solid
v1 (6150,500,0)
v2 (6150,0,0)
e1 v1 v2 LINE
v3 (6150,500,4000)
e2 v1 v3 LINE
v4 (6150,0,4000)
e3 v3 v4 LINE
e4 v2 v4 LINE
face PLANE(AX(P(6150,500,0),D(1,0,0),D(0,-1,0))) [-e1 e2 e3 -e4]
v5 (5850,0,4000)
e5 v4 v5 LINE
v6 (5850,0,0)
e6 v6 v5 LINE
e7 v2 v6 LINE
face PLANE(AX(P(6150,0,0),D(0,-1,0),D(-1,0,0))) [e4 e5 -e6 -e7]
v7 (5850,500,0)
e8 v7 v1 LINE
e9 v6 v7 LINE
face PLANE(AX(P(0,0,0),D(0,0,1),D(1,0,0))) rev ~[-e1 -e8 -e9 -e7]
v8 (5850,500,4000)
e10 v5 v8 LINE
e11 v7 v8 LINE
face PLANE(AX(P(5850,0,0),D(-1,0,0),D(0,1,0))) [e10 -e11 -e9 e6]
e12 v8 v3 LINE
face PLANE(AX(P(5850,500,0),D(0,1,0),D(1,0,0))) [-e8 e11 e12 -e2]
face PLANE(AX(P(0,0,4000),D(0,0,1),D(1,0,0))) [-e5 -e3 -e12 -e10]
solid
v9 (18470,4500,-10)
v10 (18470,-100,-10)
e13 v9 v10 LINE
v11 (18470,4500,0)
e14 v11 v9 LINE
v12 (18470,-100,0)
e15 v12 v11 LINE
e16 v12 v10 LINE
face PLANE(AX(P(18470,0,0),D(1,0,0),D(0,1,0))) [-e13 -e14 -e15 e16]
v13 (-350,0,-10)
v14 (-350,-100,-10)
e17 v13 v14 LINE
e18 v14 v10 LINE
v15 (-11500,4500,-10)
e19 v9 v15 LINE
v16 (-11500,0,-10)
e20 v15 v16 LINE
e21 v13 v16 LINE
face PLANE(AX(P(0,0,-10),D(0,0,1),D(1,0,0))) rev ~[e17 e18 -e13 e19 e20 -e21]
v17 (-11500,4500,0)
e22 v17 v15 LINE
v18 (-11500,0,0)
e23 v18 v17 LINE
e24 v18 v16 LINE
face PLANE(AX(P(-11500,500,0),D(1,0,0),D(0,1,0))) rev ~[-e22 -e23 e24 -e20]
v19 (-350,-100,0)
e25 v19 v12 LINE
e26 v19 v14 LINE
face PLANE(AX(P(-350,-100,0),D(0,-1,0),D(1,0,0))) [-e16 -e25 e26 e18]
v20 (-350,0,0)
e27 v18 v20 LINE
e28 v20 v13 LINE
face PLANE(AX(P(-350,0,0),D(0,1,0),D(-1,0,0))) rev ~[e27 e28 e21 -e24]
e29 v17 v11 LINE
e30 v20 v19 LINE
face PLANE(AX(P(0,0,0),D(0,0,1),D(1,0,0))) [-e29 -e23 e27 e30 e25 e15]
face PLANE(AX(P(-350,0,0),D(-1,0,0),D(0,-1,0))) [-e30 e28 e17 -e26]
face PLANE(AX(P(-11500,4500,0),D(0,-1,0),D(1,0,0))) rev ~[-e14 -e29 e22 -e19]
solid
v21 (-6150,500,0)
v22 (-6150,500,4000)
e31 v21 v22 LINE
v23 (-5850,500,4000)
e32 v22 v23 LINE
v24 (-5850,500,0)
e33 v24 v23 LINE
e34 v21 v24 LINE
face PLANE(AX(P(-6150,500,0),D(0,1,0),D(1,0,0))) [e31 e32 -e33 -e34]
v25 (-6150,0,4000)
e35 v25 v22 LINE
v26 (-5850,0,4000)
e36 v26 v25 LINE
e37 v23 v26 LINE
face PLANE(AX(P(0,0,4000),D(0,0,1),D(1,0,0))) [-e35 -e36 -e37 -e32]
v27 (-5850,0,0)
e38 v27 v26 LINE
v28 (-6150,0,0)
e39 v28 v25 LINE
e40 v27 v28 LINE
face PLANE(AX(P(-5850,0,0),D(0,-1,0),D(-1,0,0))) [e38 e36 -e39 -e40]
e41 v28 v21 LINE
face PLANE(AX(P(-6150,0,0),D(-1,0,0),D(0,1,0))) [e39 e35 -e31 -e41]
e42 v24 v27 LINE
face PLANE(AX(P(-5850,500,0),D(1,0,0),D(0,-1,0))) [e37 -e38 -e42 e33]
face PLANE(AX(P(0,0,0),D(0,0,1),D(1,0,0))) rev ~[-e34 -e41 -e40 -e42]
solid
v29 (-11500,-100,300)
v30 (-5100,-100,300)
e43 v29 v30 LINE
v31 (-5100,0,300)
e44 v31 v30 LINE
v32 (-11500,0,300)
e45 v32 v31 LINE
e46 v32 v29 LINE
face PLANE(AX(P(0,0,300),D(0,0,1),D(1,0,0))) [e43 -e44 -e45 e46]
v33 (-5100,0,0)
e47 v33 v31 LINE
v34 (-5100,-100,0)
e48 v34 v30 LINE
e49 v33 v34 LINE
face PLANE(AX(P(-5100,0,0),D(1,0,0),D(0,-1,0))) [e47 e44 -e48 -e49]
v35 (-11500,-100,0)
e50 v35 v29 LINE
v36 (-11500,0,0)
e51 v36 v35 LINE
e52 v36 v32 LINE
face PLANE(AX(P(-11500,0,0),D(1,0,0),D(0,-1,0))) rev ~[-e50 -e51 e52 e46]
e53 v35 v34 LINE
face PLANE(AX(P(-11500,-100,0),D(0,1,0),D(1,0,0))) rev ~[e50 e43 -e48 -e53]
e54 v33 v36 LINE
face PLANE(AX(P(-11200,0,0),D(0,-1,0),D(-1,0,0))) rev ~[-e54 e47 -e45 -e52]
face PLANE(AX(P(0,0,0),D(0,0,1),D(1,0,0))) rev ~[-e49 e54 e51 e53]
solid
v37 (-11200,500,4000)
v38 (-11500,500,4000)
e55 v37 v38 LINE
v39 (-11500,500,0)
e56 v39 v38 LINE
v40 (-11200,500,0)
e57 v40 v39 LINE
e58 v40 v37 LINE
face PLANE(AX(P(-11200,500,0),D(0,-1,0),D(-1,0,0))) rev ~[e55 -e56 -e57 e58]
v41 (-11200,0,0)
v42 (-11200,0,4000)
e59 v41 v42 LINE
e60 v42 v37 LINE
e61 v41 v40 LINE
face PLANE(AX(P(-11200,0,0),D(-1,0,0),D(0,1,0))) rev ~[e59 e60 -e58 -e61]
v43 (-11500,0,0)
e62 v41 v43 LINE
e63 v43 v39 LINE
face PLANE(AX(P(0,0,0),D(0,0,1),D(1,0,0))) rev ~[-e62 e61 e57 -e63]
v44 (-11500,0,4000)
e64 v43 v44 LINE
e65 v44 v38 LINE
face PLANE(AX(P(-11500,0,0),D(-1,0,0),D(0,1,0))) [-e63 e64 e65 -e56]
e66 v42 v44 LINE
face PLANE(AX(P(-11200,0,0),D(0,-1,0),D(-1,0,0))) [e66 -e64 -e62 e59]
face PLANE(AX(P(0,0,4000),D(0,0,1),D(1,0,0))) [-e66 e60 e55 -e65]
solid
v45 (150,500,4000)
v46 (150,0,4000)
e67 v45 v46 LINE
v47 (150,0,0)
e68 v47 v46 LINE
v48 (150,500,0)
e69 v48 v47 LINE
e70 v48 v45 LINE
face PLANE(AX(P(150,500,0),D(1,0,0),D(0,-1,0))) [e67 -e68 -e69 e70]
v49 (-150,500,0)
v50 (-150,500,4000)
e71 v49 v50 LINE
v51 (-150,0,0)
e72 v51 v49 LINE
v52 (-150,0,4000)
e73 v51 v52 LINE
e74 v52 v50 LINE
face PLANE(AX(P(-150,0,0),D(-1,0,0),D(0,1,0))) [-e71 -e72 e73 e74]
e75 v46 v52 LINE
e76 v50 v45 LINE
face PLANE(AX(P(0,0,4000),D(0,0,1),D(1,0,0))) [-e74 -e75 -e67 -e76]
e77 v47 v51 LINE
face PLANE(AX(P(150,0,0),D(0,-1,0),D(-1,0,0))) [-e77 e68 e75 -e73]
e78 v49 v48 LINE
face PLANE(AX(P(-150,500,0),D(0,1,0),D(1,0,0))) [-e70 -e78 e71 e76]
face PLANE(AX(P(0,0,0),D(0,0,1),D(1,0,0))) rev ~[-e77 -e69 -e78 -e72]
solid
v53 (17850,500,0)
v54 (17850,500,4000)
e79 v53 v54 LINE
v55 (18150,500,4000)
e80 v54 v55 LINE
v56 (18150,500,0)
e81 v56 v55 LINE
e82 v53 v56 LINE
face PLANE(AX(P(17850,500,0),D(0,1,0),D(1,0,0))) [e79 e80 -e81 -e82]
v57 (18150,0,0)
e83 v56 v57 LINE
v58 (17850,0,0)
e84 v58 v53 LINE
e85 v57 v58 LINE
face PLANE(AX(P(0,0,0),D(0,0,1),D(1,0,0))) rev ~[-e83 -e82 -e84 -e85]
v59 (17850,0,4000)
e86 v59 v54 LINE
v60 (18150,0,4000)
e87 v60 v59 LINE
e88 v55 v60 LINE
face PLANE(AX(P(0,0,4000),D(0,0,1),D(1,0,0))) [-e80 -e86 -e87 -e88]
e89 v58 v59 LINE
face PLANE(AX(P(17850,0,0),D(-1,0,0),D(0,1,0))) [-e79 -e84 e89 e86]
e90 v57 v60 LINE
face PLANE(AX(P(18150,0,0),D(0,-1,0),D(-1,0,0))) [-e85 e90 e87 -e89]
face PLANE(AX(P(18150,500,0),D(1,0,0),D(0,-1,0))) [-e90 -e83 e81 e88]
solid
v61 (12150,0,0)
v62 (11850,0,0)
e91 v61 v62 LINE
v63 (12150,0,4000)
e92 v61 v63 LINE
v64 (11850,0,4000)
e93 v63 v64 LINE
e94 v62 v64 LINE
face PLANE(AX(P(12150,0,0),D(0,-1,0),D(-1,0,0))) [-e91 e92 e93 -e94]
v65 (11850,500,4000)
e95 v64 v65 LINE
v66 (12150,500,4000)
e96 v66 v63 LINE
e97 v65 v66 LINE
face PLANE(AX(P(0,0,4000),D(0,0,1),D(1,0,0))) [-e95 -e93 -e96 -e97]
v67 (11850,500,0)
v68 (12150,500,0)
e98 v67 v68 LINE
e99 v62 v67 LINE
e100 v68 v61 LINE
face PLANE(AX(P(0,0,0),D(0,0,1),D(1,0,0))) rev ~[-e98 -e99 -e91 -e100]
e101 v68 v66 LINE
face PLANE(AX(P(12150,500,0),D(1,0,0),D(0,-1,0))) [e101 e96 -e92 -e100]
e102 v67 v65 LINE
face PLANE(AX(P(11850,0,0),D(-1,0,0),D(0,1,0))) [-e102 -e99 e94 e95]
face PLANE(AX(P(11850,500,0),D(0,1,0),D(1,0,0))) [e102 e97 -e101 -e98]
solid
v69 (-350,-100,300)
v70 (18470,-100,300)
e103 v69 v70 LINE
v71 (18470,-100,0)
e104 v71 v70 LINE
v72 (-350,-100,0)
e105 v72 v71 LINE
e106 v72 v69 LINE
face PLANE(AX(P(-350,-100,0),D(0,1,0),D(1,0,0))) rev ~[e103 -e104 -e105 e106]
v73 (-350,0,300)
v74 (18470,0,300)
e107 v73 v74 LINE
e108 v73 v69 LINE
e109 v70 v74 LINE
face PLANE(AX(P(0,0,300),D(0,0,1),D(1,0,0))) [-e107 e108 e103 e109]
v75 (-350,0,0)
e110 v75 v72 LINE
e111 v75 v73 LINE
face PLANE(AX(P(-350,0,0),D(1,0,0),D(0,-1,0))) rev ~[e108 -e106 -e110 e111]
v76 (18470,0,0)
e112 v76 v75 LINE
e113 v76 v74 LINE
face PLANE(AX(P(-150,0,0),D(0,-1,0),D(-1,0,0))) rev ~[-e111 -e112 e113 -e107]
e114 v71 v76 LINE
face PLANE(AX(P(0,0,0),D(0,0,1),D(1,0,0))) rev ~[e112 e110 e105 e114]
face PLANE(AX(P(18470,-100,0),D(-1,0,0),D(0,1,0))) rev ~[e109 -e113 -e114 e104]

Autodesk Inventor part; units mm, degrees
ref_plane "YZ Plane" through (0, 0, 0) normal (1, 0, 0) x (0, 1, 0)
ref_plane "XZ Plane" through (0, 0, 0) normal (0, 1, 0) x (-1, 0, 0)
ref_plane "XY Plane" through (0, 0, 0) normal (0, 0, 1) x (1, 0, 0)
sketch "Sketch1" plane through (0, 0, 0) normal (0, 0, 1) x (1, 0, 0)
  line L0 (-11500, 4500) -> (15700, 4500)
  line L1 (15700, 4500) -> (15700, 0) construction
  line L2 (15700, 0) -> (-11500, 0)
  line L3 (-11500, 0) -> (-11500, 4500)
  line L4 (18150, 0) -> (17850, 0)
  line L5 (17850, 0) -> (17850, 500)
  line L6 (17850, 500) -> (18150, 500)
  line L7 (18150, 500) -> (18150, 0)
  line L8 (15700, 0) -> (18470, 0)
  line L9 (18470, 0) -> (18470, 4500)
  line L10 (18470, 4500) -> (15700, 4500)
  line L11 (-11500, 0) -> (-11500, -100)
  line L12 (-11500, -100) -> (18470, -100)
  line L13 (18470, -100) -> (18470, 0)
  line L14 (-5100, 0) -> (-5100, -100)
  line L15 (-350, 0) -> (-350, -100)
  line L16 (11850, 0) -> (11850, 500)
  line L17 (12150, 0) -> (11850, 0)
  line L18 (11850, 500) -> (12150, 500)
  line L19 (12150, 500) -> (12150, 0)
  line L20 (5850, 0) -> (5850, 500)
  line L21 (6150, 0) -> (5850, 0)
  line L22 (5850, 500) -> (6150, 500)
  line L23 (6150, 500) -> (6150, 0)
  line L24 (-150, 0) -> (-150, 500)
  line L25 (150, 0) -> (-150, 0)
  line L26 (-150, 500) -> (150, 500)
  line L27 (150, 500) -> (150, 0)
  line L28 (-6150, 0) -> (-6150, 500)
  line L29 (-5850, 0) -> (-6150, 0)
  line L30 (-6150, 500) -> (-5850, 500)
  line L31 (-5850, 500) -> (-5850, 0)
  line L32 (-11500, 0) -> (-11200, 0)
  line L33 (-11200, 0) -> (-11200, 500)
  line L34 (-11200, 500) -> (-11500, 500)
  line L35 (-11500, 500) -> (-11500, 0)
  point P0 (0, 0)
  dimension "d0" = 4500
  dimension "d1" = 27200
  dimension "d2" = 300
  dimension "d3" = 500
  dimension "d4" = 11500
  dimension "d5" = 17850
  dimension "d6" = 2770
  dimension "d7" = 100
  dimension "d8" = 4750
  dimension "d9" = 6400
  dimension "d16" = 6000
  dimension "d21" = 5350
extrude "Extrusion1" add sketch "Sketch1" against normal blind 10 contours L0 L10 L9 L8 L7 L6 L5 L2 L19 L18 L16 L23 L22 L20 L27 L26 L24 L31 L30 L28 L33 L34 L3 | L34 L33 L2 L3 | L13 L12 L15 L2 L8 L4 | L4 L5 L6 L7 | L28 L30 L31 L2 | L2 L16 L18 L19 | L24 L26 L27 L2 | L2 L20 L22 L23
extrude "Extrusion2" add sketch "Sketch1" along normal blind 4000 separate body contours L34 L33 L2 L3 | L4 L5 L6 L7 | L28 L30 L31 L2 | L2 L16 L18 L19 | L24 L26 L27 L2 | L2 L20 L22 L23
extrude "Extrusion3" add sketch "Sketch1" along normal blind 300 separate body contours L2 L14 L12 L11 | L13 L12 L15 L2 L8 L4
properties part number "NDM-VOS dummy FLOOR"
